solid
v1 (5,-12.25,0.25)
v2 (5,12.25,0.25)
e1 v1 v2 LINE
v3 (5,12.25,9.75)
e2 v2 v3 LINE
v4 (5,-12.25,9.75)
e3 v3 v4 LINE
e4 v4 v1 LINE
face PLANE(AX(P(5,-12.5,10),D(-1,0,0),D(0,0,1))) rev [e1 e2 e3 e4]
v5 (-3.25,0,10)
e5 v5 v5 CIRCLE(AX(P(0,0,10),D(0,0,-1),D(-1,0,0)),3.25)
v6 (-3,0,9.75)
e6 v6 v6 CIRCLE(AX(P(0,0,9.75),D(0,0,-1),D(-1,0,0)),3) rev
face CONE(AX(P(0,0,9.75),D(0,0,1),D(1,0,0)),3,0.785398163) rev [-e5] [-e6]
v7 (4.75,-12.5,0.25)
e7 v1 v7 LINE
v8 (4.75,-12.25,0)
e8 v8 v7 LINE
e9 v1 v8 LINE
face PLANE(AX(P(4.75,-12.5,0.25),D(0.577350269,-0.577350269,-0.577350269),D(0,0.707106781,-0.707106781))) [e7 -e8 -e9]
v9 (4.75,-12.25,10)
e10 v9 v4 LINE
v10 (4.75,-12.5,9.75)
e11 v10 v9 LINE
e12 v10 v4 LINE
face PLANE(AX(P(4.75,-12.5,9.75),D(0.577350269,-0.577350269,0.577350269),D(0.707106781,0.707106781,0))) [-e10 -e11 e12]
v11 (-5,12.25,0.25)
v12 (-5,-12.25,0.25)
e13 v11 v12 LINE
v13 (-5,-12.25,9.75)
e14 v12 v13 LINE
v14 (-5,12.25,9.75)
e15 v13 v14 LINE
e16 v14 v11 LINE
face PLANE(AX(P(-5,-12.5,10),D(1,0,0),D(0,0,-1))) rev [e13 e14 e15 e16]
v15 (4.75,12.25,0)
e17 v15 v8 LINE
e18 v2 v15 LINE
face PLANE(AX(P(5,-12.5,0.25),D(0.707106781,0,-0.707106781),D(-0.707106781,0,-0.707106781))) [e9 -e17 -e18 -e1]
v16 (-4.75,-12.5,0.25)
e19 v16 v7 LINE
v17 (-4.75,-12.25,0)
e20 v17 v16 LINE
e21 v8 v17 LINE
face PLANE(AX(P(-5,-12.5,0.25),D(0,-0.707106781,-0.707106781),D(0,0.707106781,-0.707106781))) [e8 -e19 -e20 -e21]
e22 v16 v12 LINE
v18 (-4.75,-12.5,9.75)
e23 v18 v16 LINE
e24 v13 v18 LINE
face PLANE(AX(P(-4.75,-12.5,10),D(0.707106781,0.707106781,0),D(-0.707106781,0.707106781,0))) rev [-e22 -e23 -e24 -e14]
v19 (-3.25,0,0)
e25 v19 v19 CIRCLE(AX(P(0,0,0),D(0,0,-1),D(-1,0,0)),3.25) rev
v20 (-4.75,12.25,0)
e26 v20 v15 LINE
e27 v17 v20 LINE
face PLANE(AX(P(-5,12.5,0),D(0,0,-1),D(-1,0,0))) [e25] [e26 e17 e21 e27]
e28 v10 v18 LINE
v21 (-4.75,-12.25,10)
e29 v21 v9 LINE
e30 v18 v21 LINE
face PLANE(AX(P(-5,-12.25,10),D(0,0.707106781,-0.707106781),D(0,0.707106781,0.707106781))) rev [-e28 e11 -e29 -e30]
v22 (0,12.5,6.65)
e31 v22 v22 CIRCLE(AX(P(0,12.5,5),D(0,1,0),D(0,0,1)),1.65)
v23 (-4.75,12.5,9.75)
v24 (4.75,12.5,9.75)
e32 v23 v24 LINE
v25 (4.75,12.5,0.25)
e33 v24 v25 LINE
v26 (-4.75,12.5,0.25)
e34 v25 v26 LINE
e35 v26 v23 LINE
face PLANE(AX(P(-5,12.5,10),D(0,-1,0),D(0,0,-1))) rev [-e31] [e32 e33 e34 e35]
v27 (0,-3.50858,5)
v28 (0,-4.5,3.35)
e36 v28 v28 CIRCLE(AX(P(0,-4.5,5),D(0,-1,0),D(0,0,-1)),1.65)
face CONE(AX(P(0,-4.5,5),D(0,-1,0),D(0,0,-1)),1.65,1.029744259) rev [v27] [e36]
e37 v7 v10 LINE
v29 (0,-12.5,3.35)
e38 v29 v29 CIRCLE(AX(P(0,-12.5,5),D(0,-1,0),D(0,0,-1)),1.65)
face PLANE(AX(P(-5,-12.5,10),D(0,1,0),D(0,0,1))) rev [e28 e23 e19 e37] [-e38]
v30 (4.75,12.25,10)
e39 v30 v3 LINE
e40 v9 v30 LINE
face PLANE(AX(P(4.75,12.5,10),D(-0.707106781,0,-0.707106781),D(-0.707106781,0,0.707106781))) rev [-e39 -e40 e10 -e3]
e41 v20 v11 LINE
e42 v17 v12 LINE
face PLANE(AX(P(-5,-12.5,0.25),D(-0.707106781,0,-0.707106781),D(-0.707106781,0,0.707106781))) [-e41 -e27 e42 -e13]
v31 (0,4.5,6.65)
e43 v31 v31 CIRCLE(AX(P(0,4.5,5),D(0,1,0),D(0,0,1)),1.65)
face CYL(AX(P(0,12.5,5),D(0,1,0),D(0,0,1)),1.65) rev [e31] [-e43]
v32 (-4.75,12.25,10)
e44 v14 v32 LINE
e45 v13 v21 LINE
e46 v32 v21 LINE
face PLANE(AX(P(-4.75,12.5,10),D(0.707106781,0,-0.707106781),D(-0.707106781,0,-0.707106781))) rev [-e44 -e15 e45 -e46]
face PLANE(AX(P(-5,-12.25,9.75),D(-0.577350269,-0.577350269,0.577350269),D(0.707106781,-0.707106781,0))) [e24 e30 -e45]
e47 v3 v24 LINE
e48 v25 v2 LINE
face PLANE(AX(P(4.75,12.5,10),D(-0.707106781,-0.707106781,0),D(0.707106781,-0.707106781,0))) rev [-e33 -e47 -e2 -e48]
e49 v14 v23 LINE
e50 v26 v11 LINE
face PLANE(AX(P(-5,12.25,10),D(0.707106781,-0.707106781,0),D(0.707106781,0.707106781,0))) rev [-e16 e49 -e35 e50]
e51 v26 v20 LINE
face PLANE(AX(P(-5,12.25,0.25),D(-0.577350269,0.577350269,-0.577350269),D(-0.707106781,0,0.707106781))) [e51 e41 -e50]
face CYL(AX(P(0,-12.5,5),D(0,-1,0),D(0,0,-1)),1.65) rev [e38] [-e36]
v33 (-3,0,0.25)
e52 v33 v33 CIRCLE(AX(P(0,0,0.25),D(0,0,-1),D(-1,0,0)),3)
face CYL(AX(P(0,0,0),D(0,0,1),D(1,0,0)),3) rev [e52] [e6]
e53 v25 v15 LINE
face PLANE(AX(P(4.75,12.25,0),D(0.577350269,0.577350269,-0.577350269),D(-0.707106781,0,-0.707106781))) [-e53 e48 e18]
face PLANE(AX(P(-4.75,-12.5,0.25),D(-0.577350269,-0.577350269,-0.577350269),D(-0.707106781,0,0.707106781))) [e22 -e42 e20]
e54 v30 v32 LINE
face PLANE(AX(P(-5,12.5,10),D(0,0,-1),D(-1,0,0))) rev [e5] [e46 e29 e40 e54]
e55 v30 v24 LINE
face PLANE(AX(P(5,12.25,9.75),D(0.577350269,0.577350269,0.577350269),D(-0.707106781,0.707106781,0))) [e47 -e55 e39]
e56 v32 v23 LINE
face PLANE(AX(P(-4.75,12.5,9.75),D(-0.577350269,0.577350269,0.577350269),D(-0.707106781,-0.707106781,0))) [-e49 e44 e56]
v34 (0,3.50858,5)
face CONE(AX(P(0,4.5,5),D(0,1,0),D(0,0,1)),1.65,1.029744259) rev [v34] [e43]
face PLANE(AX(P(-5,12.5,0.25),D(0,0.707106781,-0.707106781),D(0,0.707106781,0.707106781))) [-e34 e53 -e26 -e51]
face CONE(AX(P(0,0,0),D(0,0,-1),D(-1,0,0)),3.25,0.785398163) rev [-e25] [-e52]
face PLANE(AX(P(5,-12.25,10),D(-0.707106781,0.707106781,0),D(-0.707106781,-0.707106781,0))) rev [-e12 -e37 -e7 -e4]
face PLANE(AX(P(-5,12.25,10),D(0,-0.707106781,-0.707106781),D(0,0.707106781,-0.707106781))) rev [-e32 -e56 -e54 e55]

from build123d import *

# Parameters (mm, degrees)
SKETCH1_W                           = 10
SKETCH1_H                           = 25
EXTRUDE1_DEPTH                      = 10
SKETCH2_R                           = 3
CUT_EXTRUDE1_DEPTH                  = 10
M4X0_7_TAPPED_HOLE1_D               = 3.3
M4X0_7_TAPPED_HOLE1_DEPTH           = 8
M4X0_7_TAPPED_HOLE1_TIP             = 0.991420021
M4X0_7_TAPPED_HOLE1_ON_FACE_2_D     = 3.3
M4X0_7_TAPPED_HOLE1_ON_FACE_2_DEPTH = 8
M4X0_7_TAPPED_HOLE1_ON_FACE_2_TIP   = 0.991420021
CHAMFER1_SIZE                       = 0.25


with BuildPart() as part:
    # Sketch1 → Extrude1 (new body)
    with BuildSketch(Plane.XY):
        Rectangle(SKETCH1_W, SKETCH1_H)
    extrude(amount=EXTRUDE1_DEPTH)

    # Sketch2 → Cut-Extrude1 (cut)
    with BuildSketch(Plane.XY.offset(10)):
        Circle(SKETCH2_R)
    extrude(amount=-CUT_EXTRUDE1_DEPTH, mode=Mode.SUBTRACT)

    # M4x0.7 Tapped Hole1
    with Locations(Plane(origin=(0, 12.5, 5), x_dir=(0, 0, 1), z_dir=(0, 1, 0))):
        with Locations((0, 0)):
            Hole(M4X0_7_TAPPED_HOLE1_D / 2, depth=M4X0_7_TAPPED_HOLE1_DEPTH)
            with Locations((0, 0, -(M4X0_7_TAPPED_HOLE1_DEPTH + M4X0_7_TAPPED_HOLE1_TIP / 2))):  # 118° drill point
                Cone(0, M4X0_7_TAPPED_HOLE1_D / 2, M4X0_7_TAPPED_HOLE1_TIP, mode=Mode.SUBTRACT)

    # M4x0.7 Tapped Hole1 on face 2
    with Locations(Plane(origin=(0, -12.5, 5), x_dir=(0, 0, -1), z_dir=(0, -1, 0))):
        with Locations((0, 0)):
            Hole(M4X0_7_TAPPED_HOLE1_ON_FACE_2_D / 2, depth=M4X0_7_TAPPED_HOLE1_ON_FACE_2_DEPTH)
            with Locations((0, 0, -(M4X0_7_TAPPED_HOLE1_ON_FACE_2_DEPTH + M4X0_7_TAPPED_HOLE1_ON_FACE_2_TIP / 2))):  # 118° drill point
                Cone(0, M4X0_7_TAPPED_HOLE1_ON_FACE_2_D / 2, M4X0_7_TAPPED_HOLE1_ON_FACE_2_TIP, mode=Mode.SUBTRACT)

    # Chamfer1
    chamfer1_edges = [part.edges().sort_by_distance(p)[0] for p in [
        (5, 0, 10),
        (0, 12.5, 10),
        (-3, 0, 0),
        (-3, 0, 10),
        (-5, 0, 10),
        (0, 12.5, 0),
        (5, 0, 0),
        (0, -12.5, 0),
        (-5, 0, 0),
        (0, -12.5, 10),
        (-5, 12.5, 5),
        (5, 12.5, 5),
        (5, -12.5, 5),
        (-5, -12.5, 5),
    ]]
    chamfer(chamfer1_edges, length=CHAMFER1_SIZE)


solid = part.part
